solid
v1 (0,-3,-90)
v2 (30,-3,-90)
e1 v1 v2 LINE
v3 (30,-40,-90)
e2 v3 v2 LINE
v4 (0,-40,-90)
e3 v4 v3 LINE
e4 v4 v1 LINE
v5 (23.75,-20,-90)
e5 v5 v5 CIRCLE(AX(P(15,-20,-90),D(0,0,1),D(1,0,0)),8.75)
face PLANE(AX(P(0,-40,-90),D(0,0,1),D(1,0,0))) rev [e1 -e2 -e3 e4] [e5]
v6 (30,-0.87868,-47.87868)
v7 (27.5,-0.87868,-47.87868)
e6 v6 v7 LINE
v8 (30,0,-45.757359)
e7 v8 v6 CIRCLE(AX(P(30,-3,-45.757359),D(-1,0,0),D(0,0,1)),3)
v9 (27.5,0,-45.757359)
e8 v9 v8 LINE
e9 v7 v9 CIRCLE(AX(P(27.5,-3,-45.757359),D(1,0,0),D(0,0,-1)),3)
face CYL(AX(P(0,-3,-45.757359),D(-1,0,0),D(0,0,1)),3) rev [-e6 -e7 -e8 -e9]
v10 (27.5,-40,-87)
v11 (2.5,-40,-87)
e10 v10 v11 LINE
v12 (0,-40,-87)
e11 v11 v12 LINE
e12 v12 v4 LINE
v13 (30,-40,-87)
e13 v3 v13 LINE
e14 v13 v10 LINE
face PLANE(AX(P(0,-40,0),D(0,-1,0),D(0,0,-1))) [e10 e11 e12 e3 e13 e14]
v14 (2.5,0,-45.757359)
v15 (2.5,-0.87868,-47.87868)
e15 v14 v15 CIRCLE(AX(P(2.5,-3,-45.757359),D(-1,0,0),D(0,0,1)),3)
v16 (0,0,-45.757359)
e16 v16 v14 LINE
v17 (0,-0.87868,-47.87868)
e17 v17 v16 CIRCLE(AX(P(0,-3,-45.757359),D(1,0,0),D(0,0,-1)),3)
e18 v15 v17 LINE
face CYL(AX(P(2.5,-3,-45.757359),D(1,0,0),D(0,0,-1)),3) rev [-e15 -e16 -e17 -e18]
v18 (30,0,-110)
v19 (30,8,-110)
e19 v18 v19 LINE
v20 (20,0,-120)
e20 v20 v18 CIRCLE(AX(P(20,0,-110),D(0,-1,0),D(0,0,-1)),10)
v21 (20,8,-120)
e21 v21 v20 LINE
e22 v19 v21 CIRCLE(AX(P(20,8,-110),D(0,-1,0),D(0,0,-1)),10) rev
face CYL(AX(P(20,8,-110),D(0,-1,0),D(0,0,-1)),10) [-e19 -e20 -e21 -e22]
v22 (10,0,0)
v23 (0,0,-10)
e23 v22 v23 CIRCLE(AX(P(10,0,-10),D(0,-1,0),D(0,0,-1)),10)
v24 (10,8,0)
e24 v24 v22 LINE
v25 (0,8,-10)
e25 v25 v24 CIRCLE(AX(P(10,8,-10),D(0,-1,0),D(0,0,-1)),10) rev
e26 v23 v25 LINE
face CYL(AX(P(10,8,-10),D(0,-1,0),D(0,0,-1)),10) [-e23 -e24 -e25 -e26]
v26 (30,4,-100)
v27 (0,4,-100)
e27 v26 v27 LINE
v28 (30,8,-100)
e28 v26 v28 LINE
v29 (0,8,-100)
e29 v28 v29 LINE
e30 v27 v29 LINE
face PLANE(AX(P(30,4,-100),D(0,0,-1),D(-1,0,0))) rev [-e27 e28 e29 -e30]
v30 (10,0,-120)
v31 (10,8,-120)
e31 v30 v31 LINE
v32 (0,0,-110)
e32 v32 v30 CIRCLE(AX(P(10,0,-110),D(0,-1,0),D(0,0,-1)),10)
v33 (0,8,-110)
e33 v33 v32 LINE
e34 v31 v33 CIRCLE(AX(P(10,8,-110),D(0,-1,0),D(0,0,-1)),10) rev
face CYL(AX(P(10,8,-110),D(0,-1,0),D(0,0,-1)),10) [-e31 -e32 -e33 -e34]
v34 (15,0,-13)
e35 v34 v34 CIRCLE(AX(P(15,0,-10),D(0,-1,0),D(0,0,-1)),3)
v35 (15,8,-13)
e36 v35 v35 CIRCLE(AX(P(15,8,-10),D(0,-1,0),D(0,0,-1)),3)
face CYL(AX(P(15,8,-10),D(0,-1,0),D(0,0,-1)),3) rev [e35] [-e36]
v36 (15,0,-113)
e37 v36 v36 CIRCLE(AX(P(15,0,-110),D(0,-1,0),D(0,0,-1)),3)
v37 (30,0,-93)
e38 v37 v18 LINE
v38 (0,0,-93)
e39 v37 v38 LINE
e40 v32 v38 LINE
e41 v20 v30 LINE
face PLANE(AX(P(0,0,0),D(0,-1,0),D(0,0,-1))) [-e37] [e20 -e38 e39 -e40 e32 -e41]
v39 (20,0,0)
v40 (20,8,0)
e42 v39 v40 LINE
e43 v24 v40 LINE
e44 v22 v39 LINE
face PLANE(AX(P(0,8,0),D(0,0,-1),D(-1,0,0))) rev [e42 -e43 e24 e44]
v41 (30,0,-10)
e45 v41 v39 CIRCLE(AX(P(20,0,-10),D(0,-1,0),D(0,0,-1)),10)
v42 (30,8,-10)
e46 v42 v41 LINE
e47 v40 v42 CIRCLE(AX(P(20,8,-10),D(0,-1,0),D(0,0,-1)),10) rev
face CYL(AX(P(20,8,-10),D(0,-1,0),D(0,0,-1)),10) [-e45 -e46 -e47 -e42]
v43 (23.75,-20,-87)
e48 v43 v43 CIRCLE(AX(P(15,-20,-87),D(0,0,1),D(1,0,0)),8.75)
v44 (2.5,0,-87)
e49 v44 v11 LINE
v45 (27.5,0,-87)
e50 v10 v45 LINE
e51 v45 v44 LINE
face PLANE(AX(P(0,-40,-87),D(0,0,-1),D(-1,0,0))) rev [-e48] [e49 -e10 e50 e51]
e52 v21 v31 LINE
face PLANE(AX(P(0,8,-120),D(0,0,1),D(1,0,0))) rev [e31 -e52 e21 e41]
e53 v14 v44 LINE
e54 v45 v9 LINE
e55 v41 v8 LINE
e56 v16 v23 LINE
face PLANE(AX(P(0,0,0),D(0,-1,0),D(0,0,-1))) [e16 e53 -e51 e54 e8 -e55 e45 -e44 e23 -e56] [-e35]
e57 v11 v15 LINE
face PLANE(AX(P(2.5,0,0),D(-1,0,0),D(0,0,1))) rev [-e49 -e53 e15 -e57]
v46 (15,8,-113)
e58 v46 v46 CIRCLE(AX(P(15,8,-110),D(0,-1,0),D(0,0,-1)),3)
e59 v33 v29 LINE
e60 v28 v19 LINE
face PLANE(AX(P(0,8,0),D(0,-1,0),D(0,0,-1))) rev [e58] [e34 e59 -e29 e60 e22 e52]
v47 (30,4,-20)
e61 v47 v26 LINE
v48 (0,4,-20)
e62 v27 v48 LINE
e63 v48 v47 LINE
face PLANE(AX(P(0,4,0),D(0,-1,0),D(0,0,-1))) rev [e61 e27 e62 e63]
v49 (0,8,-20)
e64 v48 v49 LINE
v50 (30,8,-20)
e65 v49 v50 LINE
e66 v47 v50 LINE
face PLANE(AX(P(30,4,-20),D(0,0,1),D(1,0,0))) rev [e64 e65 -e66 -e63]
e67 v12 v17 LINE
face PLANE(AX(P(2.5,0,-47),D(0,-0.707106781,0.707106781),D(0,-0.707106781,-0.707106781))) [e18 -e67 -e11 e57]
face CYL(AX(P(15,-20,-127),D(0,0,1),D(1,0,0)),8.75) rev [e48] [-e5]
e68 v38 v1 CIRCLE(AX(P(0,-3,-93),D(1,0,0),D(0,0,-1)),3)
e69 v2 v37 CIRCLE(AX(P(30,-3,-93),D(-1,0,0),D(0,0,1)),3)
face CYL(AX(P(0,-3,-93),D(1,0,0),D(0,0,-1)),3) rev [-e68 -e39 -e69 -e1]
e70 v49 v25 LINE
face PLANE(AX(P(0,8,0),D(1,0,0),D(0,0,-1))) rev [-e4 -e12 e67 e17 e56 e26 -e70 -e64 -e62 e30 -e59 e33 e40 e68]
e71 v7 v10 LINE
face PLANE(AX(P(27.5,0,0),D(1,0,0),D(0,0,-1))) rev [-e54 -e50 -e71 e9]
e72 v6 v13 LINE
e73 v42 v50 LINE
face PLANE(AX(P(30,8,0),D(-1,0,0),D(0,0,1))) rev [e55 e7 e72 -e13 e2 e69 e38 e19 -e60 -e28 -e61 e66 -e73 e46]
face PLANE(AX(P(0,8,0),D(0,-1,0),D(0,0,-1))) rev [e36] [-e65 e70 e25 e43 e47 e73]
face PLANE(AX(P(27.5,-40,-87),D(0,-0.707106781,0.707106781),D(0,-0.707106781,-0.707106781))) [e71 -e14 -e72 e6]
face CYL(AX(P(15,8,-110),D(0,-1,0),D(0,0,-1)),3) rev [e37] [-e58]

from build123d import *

# Parameters (mm, degrees)
SKETCH1_W           = 30
SKETCH1_H           = 120
BOSS_EXTRUDE1_DEPTH = 8
SKETCH2_W           = 30
SKETCH2_H           = 80
CUT_EXTRUDE1_DEPTH  = 4
SKETCH3_W           = 30
SKETCH3_H           = 3
BOSS_EXTRUDE2_DEPTH = 40
SKETCH4_R           = 8.75
CUT_EXTRUDE2_DEPTH  = 40
BOSS_EXTRUDE3_DEPTH = 2.5
BOSS_EXTRUDE4_DEPTH = 2.5
SKETCH7_R           = 3
CUT_EXTRUDE3_DEPTH  = 131
FILLET1_R           = 10
FILLET2_R           = 3
FILLET3_R           = 3


with BuildPart() as part:
    # Sketch1 → Boss-Extrude1 (new body)
    with BuildSketch(Plane(origin=(0, 0, 0), x_dir=(1, 0, 0), z_dir=(0, 1, 0))):
        with Locations((15, 60)):
            Rectangle(SKETCH1_W, SKETCH1_H)
    extrude(amount=BOSS_EXTRUDE1_DEPTH)

    # Sketch2 → Cut-Extrude1 (cut)
    with BuildSketch(Plane(origin=(0, 8, 0), x_dir=(1, 0, 0), z_dir=(0, 1, 0))):
        with Locations((15, 60)):
            Rectangle(SKETCH2_W, SKETCH2_H)
    extrude(amount=-CUT_EXTRUDE1_DEPTH, mode=Mode.SUBTRACT)

    # Sketch3 → Boss-Extrude2 (add)
    with BuildSketch(Plane.XZ):
        with Locations((15, -88.5)):
            Rectangle(SKETCH3_W, SKETCH3_H)
    extrude(amount=BOSS_EXTRUDE2_DEPTH)

    # Sketch4 → Cut-Extrude2 (cut)
    with BuildSketch(Plane.XY.offset(-87)):
        with Locations((15, -20)):
            Circle(SKETCH4_R)
    extrude(amount=-CUT_EXTRUDE2_DEPTH, mode=Mode.SUBTRACT)

    # Sketch5 → Boss-Extrude3 (add)
    with BuildSketch(Plane(origin=(30, 0, 0), x_dir=(0, 0, -1), z_dir=(1, 0, 0))):
        Polygon((87, -40), (47, 0), (87, 0), align=None)
    extrude(amount=-BOSS_EXTRUDE3_DEPTH)

    # Sketch6 → Boss-Extrude4 (add)
    with BuildSketch(Plane.ZY):
        Polygon((-47, 0), (-87, -40), (-87, 0), align=None)
    extrude(amount=-BOSS_EXTRUDE4_DEPTH)

    # Sketch7 → Cut-Extrude3 (cut, through all)
    with BuildSketch(Plane(origin=(0, 0, 0), x_dir=(-1, 0, 0), z_dir=(0, -1, 0))):
        with Locations(Location((-15, 10, 0), (0, 0, 90))):
            Circle(SKETCH7_R)
        with Locations(Location((-15, 110, 0), (0, 0, 90))):
            Circle(SKETCH7_R)
    extrude(amount=-CUT_EXTRUDE3_DEPTH, mode=Mode.SUBTRACT)

    # Fillet1
    fillet1_edges = [part.edges().sort_by_distance(p)[0] for p in [
        (0, 4, -120),
        (30, 4, -120),
        (30, 4, 0),
        (0, 4, 0),
    ]]
    fillet(fillet1_edges, radius=FILLET1_R)

    # Fillet2
    fillet2_edges = [part.edges().sort_by_distance(p)[0] for p in [
        (15, 0, -90),
    ]]
    fillet(fillet2_edges, radius=FILLET2_R)

    # Fillet3
    fillet3_edges = [part.edges().sort_by_distance(p)[0] for p in [
        (28.75, 0, -47),
        (1.25, 0, -47),
    ]]
    fillet(fillet3_edges, radius=FILLET3_R)


solid = part.part
